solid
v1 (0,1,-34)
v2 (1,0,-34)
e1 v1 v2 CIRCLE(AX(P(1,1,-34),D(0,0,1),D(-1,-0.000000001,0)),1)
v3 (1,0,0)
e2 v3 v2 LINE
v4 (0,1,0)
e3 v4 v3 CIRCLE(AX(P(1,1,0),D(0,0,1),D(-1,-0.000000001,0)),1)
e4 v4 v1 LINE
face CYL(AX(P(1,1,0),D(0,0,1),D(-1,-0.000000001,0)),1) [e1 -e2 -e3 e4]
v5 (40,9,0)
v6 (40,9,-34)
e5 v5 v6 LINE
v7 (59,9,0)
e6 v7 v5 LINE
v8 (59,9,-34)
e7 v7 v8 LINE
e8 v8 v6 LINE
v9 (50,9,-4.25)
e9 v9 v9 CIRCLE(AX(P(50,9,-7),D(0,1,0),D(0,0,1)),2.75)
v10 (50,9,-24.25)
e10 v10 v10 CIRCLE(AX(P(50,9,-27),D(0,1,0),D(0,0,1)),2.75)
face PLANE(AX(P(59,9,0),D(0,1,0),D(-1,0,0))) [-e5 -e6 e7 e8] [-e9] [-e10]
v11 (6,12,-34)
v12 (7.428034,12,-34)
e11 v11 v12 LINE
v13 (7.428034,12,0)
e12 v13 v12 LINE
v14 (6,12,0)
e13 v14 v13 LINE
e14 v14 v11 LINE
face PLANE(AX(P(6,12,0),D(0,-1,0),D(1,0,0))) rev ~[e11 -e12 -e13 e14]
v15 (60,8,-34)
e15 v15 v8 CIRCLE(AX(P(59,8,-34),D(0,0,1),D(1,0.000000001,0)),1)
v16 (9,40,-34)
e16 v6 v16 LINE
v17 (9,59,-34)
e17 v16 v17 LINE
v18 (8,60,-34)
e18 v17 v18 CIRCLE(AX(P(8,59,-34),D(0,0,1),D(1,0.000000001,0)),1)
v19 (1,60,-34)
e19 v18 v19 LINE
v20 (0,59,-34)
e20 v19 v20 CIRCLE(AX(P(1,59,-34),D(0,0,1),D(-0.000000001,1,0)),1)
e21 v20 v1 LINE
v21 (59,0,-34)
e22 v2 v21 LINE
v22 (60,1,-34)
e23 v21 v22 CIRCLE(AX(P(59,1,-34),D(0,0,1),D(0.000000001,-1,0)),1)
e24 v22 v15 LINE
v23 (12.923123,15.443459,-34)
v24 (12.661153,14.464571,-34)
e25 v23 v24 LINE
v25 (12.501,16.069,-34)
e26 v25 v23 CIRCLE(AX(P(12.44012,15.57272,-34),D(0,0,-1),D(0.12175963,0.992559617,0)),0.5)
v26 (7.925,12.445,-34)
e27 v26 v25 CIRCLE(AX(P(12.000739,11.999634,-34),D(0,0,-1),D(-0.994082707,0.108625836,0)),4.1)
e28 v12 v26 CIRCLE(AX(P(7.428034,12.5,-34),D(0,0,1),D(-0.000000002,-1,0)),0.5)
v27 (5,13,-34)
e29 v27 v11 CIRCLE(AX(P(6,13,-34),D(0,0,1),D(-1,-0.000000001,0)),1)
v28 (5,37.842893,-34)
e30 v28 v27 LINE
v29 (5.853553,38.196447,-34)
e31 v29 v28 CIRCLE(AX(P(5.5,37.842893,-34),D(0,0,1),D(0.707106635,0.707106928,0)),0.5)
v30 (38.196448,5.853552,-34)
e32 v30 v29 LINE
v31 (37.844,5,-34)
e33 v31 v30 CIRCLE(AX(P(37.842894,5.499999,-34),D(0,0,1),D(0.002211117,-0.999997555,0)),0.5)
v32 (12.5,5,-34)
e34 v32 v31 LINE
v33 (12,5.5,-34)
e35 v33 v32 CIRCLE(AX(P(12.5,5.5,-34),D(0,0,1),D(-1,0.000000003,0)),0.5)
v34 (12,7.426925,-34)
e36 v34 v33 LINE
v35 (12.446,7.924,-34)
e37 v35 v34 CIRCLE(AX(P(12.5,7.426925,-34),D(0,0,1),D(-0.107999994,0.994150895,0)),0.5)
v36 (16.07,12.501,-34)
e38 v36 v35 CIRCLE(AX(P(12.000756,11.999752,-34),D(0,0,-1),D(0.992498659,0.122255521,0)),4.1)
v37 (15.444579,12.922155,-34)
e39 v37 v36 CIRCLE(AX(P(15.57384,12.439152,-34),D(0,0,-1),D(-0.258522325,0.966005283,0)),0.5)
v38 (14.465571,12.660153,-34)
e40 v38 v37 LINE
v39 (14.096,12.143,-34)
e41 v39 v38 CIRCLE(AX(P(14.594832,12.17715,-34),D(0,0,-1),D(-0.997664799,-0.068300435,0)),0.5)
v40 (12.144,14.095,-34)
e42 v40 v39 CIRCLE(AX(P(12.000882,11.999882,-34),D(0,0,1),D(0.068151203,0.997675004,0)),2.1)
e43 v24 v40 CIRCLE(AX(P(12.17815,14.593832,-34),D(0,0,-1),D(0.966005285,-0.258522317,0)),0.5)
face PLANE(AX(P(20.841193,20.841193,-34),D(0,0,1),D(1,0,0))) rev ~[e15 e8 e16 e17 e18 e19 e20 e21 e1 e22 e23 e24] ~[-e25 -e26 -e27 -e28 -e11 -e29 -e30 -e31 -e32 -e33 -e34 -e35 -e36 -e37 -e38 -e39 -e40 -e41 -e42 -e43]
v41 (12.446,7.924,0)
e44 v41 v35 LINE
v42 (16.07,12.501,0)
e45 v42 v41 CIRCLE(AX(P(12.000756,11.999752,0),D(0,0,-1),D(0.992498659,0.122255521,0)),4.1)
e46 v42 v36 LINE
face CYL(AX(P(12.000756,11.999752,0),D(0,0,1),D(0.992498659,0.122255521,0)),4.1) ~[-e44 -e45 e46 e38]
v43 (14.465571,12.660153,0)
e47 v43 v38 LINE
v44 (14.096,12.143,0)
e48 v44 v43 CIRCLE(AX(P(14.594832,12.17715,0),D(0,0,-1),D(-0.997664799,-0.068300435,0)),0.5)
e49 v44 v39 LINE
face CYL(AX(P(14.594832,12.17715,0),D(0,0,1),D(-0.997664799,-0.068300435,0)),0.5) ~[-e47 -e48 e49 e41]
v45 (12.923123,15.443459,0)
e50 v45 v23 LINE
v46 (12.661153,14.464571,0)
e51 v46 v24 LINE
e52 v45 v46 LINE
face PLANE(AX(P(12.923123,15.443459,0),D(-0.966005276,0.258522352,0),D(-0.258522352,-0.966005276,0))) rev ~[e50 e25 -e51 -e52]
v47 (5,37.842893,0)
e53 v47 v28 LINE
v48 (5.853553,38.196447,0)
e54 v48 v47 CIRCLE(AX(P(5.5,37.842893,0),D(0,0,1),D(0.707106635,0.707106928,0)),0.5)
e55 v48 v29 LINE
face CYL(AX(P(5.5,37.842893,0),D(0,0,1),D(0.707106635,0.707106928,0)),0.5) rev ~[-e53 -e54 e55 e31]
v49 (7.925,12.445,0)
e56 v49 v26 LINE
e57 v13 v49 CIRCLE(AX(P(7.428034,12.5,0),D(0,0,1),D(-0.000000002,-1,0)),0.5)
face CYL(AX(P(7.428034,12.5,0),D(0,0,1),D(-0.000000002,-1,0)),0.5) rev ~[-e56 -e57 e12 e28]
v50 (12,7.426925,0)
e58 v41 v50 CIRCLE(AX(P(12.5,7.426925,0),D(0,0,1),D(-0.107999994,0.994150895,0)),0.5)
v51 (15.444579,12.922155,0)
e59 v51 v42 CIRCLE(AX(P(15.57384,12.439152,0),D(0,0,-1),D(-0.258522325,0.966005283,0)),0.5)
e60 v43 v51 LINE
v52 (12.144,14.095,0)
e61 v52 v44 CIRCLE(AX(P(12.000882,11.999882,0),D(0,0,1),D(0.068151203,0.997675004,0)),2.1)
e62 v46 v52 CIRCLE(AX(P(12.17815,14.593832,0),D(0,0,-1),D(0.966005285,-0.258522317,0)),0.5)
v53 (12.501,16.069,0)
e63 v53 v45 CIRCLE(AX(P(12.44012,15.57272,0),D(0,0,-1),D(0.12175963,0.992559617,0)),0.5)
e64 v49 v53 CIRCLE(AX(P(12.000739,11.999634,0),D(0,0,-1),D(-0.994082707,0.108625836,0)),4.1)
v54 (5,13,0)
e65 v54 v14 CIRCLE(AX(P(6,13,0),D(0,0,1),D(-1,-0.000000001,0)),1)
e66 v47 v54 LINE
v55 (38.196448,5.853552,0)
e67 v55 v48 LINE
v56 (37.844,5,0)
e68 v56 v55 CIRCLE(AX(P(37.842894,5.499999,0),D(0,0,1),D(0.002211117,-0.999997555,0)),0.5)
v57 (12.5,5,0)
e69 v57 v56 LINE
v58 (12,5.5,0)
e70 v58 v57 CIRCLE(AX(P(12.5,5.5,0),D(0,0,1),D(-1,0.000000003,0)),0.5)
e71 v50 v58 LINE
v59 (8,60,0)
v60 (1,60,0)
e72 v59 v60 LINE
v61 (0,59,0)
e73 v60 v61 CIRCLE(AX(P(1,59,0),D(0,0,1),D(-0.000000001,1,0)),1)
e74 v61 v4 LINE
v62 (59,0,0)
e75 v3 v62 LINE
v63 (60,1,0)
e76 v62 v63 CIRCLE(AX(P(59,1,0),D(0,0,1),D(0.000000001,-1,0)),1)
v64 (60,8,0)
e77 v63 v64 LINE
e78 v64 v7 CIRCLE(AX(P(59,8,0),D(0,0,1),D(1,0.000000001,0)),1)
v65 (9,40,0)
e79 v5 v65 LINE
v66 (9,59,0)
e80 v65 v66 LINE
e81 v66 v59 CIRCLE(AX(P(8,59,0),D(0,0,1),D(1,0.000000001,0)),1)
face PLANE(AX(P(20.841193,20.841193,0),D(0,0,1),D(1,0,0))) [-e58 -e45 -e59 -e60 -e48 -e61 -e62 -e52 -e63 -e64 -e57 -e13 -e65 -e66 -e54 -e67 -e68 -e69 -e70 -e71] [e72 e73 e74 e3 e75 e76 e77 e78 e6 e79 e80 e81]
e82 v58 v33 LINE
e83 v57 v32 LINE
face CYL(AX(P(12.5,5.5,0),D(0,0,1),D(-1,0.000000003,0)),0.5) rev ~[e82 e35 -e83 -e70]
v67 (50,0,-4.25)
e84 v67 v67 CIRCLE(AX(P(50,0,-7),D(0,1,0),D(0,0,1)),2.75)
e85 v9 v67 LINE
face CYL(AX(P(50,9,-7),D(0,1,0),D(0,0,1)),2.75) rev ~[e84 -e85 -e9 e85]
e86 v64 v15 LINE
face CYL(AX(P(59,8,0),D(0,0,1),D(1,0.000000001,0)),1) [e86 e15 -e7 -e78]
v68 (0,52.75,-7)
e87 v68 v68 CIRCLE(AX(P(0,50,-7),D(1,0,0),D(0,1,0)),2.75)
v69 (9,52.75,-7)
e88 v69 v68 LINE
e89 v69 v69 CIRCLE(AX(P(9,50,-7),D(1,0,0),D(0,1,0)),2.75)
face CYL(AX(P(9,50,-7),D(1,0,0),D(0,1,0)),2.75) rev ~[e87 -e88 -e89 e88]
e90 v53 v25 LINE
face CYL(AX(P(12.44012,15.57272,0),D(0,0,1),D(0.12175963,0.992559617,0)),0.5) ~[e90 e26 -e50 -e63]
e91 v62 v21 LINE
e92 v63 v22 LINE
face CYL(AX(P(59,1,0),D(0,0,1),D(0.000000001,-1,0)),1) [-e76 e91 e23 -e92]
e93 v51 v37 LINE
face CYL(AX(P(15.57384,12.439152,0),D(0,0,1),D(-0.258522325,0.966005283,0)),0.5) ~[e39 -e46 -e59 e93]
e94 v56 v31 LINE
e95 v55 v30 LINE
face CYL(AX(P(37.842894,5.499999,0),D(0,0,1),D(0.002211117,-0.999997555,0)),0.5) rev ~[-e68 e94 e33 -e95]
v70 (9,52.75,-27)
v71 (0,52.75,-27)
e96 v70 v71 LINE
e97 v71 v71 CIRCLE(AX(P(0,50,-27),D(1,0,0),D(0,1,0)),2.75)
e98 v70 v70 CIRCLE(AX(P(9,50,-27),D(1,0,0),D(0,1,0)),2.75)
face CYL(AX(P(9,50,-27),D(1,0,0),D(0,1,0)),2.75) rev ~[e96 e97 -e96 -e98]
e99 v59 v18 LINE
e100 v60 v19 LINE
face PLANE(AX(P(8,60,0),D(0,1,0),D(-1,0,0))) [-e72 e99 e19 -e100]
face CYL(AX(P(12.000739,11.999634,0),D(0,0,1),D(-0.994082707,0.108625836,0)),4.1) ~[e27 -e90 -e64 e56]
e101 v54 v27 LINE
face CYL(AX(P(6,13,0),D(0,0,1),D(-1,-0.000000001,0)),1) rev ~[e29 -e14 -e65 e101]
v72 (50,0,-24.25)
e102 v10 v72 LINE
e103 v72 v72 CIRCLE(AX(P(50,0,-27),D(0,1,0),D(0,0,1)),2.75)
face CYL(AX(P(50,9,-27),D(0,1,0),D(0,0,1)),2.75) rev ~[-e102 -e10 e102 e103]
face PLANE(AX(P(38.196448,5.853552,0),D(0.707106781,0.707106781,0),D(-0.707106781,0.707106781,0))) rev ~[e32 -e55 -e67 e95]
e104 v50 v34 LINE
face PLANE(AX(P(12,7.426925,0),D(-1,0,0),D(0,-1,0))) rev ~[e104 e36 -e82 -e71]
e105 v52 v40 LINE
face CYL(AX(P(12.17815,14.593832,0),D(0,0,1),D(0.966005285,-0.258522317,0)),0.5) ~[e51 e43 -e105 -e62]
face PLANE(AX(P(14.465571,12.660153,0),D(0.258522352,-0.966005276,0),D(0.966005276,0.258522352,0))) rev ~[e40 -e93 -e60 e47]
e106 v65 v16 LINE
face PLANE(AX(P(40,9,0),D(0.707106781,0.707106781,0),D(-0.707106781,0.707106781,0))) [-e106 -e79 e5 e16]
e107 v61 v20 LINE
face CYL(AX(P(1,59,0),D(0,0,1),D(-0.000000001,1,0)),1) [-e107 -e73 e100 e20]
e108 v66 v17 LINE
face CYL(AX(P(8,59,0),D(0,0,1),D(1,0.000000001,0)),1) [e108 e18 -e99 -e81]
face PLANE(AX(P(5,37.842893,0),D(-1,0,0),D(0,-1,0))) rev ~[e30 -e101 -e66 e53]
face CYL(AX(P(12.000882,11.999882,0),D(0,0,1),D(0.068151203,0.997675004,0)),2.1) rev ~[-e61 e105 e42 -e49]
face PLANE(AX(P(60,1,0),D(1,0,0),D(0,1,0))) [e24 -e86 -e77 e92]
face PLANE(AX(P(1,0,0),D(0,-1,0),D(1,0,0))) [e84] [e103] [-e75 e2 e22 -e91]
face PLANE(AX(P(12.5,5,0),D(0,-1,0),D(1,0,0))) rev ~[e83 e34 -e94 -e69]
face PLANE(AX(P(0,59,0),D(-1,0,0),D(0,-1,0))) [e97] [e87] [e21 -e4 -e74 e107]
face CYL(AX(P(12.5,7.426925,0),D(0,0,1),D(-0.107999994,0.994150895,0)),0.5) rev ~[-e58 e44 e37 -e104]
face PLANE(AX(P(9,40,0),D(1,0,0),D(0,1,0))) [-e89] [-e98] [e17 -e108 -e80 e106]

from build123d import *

# Parameters (mm, degrees)
EXTRUDE_14_DEPTH     = 34
SKETCH_41_R          = 2.75
CUT_EXTRUDE_27_DEPTH = 86.772956111
SKETCH_42_R          = 2.75
CUT_EXTRUDE_28_DEPTH = 86.772956111


with BuildPart() as part:
    # 草图40 → 凸台-拉伸14 (new body)
    with BuildSketch(Plane.XY):
        with BuildLine():
            Line((40, 9), (9, 40))
            Line((9, 40), (9, 59))
            ThreePointArc((9, 59), (8.707106781, 59.707106781), (8, 60))
            Line((8, 60), (1, 60))
            ThreePointArc((1, 60), (0.292893219, 59.707106781), (0, 59))
            Line((0, 59), (0, 1))
            ThreePointArc((0, 1), (0.292893219, 0.292893219), (1, 0))
            Line((1, 0), (59, 0))
            ThreePointArc((59, 0), (59.707106781, 0.292893219), (60, 1))
            Line((60, 1), (60, 8))
            ThreePointArc((60, 8), (59.707106781, 8.707106781), (59, 9))
            Line((59, 9), (40, 9))
        make_face()
        with BuildLine():
            Line((6, 12), (7.428034206, 12))
            ThreePointArc((7.428034206, 12), (7.761575809, 12.12750839), (7.925, 12.445000003))
            ThreePointArc((7.925, 12.445000003), (9.455281371, 15.213766145), (12.501000018, 16.068999998))
            ThreePointArc((12.501000018, 16.068999998), (12.854580587, 15.852403207), (12.923122843, 15.443459021))
            Line((12.923122843, 15.443459021), (12.661152875, 14.464571239))
            ThreePointArc((12.661152875, 14.464571239), (12.468861172, 14.18703128), (12.144000016, 14.094999999))
            ThreePointArc((12.144000016, 14.094999999), (10.51595825, 10.514958251), (14.095999999, 12.143000014))
            ThreePointArc((14.095999999, 12.143000014), (14.18803128, 12.467861171), (14.465571239, 12.660152875))
            Line((14.465571239, 12.660152875), (15.444578727, 12.922154879))
            ThreePointArc((15.444578727, 12.922154879), (15.853118545, 12.853885203), (16.07, 12.501))
            ThreePointArc((16.07, 12.501), (15.215158242, 9.454636451), (12.446000002, 7.924))
            ThreePointArc((12.446000002, 7.924), (12.127844119, 7.760840711), (12, 7.426924553))
            Line((12, 7.426924553), (12, 5.5))
            ThreePointArc((12, 5.5), (12.146446609, 5.146446609), (12.5, 5))
            Line((12.5, 5), (37.844, 5))
            ThreePointArc((37.844, 5), (38.305045436, 5.30916781), (38.196447939, 5.853552061))
            Line((38.196447939, 5.853552061), (5.853553317, 38.196446683))
            ThreePointArc((5.853553317, 38.196446683), (5.308658302, 38.304832993), (5, 37.842893363))
            Line((5, 37.842893363), (5, 13))
            ThreePointArc((5, 13), (5.292893219, 12.292893219), (6, 12))
        make_face(mode=Mode.SUBTRACT)
    extrude(amount=-EXTRUDE_14_DEPTH)

    # 草图41 → 切除-拉伸27 (cut, through all)
    with BuildSketch(Plane(origin=(0, 9, 0), x_dir=(1, 0, 0), z_dir=(0, 1, 0))):
        with Locations((50, 27)):
            Circle(SKETCH_41_R)
        with Locations((50, 7)):
            Circle(SKETCH_41_R)
    extrude(amount=-CUT_EXTRUDE_27_DEPTH, mode=Mode.SUBTRACT)

    # 草图42 → 切除-拉伸28 (cut, through all)
    with BuildSketch(Plane(origin=(9, 0, 0), x_dir=(0, 0, -1), z_dir=(1, 0, 0))):
        with Locations((7, 50)):
            Circle(SKETCH_42_R)
        with Locations((27, 50)):
            Circle(SKETCH_42_R)
    extrude(amount=-CUT_EXTRUDE_28_DEPTH, mode=Mode.SUBTRACT)


solid = part.part
